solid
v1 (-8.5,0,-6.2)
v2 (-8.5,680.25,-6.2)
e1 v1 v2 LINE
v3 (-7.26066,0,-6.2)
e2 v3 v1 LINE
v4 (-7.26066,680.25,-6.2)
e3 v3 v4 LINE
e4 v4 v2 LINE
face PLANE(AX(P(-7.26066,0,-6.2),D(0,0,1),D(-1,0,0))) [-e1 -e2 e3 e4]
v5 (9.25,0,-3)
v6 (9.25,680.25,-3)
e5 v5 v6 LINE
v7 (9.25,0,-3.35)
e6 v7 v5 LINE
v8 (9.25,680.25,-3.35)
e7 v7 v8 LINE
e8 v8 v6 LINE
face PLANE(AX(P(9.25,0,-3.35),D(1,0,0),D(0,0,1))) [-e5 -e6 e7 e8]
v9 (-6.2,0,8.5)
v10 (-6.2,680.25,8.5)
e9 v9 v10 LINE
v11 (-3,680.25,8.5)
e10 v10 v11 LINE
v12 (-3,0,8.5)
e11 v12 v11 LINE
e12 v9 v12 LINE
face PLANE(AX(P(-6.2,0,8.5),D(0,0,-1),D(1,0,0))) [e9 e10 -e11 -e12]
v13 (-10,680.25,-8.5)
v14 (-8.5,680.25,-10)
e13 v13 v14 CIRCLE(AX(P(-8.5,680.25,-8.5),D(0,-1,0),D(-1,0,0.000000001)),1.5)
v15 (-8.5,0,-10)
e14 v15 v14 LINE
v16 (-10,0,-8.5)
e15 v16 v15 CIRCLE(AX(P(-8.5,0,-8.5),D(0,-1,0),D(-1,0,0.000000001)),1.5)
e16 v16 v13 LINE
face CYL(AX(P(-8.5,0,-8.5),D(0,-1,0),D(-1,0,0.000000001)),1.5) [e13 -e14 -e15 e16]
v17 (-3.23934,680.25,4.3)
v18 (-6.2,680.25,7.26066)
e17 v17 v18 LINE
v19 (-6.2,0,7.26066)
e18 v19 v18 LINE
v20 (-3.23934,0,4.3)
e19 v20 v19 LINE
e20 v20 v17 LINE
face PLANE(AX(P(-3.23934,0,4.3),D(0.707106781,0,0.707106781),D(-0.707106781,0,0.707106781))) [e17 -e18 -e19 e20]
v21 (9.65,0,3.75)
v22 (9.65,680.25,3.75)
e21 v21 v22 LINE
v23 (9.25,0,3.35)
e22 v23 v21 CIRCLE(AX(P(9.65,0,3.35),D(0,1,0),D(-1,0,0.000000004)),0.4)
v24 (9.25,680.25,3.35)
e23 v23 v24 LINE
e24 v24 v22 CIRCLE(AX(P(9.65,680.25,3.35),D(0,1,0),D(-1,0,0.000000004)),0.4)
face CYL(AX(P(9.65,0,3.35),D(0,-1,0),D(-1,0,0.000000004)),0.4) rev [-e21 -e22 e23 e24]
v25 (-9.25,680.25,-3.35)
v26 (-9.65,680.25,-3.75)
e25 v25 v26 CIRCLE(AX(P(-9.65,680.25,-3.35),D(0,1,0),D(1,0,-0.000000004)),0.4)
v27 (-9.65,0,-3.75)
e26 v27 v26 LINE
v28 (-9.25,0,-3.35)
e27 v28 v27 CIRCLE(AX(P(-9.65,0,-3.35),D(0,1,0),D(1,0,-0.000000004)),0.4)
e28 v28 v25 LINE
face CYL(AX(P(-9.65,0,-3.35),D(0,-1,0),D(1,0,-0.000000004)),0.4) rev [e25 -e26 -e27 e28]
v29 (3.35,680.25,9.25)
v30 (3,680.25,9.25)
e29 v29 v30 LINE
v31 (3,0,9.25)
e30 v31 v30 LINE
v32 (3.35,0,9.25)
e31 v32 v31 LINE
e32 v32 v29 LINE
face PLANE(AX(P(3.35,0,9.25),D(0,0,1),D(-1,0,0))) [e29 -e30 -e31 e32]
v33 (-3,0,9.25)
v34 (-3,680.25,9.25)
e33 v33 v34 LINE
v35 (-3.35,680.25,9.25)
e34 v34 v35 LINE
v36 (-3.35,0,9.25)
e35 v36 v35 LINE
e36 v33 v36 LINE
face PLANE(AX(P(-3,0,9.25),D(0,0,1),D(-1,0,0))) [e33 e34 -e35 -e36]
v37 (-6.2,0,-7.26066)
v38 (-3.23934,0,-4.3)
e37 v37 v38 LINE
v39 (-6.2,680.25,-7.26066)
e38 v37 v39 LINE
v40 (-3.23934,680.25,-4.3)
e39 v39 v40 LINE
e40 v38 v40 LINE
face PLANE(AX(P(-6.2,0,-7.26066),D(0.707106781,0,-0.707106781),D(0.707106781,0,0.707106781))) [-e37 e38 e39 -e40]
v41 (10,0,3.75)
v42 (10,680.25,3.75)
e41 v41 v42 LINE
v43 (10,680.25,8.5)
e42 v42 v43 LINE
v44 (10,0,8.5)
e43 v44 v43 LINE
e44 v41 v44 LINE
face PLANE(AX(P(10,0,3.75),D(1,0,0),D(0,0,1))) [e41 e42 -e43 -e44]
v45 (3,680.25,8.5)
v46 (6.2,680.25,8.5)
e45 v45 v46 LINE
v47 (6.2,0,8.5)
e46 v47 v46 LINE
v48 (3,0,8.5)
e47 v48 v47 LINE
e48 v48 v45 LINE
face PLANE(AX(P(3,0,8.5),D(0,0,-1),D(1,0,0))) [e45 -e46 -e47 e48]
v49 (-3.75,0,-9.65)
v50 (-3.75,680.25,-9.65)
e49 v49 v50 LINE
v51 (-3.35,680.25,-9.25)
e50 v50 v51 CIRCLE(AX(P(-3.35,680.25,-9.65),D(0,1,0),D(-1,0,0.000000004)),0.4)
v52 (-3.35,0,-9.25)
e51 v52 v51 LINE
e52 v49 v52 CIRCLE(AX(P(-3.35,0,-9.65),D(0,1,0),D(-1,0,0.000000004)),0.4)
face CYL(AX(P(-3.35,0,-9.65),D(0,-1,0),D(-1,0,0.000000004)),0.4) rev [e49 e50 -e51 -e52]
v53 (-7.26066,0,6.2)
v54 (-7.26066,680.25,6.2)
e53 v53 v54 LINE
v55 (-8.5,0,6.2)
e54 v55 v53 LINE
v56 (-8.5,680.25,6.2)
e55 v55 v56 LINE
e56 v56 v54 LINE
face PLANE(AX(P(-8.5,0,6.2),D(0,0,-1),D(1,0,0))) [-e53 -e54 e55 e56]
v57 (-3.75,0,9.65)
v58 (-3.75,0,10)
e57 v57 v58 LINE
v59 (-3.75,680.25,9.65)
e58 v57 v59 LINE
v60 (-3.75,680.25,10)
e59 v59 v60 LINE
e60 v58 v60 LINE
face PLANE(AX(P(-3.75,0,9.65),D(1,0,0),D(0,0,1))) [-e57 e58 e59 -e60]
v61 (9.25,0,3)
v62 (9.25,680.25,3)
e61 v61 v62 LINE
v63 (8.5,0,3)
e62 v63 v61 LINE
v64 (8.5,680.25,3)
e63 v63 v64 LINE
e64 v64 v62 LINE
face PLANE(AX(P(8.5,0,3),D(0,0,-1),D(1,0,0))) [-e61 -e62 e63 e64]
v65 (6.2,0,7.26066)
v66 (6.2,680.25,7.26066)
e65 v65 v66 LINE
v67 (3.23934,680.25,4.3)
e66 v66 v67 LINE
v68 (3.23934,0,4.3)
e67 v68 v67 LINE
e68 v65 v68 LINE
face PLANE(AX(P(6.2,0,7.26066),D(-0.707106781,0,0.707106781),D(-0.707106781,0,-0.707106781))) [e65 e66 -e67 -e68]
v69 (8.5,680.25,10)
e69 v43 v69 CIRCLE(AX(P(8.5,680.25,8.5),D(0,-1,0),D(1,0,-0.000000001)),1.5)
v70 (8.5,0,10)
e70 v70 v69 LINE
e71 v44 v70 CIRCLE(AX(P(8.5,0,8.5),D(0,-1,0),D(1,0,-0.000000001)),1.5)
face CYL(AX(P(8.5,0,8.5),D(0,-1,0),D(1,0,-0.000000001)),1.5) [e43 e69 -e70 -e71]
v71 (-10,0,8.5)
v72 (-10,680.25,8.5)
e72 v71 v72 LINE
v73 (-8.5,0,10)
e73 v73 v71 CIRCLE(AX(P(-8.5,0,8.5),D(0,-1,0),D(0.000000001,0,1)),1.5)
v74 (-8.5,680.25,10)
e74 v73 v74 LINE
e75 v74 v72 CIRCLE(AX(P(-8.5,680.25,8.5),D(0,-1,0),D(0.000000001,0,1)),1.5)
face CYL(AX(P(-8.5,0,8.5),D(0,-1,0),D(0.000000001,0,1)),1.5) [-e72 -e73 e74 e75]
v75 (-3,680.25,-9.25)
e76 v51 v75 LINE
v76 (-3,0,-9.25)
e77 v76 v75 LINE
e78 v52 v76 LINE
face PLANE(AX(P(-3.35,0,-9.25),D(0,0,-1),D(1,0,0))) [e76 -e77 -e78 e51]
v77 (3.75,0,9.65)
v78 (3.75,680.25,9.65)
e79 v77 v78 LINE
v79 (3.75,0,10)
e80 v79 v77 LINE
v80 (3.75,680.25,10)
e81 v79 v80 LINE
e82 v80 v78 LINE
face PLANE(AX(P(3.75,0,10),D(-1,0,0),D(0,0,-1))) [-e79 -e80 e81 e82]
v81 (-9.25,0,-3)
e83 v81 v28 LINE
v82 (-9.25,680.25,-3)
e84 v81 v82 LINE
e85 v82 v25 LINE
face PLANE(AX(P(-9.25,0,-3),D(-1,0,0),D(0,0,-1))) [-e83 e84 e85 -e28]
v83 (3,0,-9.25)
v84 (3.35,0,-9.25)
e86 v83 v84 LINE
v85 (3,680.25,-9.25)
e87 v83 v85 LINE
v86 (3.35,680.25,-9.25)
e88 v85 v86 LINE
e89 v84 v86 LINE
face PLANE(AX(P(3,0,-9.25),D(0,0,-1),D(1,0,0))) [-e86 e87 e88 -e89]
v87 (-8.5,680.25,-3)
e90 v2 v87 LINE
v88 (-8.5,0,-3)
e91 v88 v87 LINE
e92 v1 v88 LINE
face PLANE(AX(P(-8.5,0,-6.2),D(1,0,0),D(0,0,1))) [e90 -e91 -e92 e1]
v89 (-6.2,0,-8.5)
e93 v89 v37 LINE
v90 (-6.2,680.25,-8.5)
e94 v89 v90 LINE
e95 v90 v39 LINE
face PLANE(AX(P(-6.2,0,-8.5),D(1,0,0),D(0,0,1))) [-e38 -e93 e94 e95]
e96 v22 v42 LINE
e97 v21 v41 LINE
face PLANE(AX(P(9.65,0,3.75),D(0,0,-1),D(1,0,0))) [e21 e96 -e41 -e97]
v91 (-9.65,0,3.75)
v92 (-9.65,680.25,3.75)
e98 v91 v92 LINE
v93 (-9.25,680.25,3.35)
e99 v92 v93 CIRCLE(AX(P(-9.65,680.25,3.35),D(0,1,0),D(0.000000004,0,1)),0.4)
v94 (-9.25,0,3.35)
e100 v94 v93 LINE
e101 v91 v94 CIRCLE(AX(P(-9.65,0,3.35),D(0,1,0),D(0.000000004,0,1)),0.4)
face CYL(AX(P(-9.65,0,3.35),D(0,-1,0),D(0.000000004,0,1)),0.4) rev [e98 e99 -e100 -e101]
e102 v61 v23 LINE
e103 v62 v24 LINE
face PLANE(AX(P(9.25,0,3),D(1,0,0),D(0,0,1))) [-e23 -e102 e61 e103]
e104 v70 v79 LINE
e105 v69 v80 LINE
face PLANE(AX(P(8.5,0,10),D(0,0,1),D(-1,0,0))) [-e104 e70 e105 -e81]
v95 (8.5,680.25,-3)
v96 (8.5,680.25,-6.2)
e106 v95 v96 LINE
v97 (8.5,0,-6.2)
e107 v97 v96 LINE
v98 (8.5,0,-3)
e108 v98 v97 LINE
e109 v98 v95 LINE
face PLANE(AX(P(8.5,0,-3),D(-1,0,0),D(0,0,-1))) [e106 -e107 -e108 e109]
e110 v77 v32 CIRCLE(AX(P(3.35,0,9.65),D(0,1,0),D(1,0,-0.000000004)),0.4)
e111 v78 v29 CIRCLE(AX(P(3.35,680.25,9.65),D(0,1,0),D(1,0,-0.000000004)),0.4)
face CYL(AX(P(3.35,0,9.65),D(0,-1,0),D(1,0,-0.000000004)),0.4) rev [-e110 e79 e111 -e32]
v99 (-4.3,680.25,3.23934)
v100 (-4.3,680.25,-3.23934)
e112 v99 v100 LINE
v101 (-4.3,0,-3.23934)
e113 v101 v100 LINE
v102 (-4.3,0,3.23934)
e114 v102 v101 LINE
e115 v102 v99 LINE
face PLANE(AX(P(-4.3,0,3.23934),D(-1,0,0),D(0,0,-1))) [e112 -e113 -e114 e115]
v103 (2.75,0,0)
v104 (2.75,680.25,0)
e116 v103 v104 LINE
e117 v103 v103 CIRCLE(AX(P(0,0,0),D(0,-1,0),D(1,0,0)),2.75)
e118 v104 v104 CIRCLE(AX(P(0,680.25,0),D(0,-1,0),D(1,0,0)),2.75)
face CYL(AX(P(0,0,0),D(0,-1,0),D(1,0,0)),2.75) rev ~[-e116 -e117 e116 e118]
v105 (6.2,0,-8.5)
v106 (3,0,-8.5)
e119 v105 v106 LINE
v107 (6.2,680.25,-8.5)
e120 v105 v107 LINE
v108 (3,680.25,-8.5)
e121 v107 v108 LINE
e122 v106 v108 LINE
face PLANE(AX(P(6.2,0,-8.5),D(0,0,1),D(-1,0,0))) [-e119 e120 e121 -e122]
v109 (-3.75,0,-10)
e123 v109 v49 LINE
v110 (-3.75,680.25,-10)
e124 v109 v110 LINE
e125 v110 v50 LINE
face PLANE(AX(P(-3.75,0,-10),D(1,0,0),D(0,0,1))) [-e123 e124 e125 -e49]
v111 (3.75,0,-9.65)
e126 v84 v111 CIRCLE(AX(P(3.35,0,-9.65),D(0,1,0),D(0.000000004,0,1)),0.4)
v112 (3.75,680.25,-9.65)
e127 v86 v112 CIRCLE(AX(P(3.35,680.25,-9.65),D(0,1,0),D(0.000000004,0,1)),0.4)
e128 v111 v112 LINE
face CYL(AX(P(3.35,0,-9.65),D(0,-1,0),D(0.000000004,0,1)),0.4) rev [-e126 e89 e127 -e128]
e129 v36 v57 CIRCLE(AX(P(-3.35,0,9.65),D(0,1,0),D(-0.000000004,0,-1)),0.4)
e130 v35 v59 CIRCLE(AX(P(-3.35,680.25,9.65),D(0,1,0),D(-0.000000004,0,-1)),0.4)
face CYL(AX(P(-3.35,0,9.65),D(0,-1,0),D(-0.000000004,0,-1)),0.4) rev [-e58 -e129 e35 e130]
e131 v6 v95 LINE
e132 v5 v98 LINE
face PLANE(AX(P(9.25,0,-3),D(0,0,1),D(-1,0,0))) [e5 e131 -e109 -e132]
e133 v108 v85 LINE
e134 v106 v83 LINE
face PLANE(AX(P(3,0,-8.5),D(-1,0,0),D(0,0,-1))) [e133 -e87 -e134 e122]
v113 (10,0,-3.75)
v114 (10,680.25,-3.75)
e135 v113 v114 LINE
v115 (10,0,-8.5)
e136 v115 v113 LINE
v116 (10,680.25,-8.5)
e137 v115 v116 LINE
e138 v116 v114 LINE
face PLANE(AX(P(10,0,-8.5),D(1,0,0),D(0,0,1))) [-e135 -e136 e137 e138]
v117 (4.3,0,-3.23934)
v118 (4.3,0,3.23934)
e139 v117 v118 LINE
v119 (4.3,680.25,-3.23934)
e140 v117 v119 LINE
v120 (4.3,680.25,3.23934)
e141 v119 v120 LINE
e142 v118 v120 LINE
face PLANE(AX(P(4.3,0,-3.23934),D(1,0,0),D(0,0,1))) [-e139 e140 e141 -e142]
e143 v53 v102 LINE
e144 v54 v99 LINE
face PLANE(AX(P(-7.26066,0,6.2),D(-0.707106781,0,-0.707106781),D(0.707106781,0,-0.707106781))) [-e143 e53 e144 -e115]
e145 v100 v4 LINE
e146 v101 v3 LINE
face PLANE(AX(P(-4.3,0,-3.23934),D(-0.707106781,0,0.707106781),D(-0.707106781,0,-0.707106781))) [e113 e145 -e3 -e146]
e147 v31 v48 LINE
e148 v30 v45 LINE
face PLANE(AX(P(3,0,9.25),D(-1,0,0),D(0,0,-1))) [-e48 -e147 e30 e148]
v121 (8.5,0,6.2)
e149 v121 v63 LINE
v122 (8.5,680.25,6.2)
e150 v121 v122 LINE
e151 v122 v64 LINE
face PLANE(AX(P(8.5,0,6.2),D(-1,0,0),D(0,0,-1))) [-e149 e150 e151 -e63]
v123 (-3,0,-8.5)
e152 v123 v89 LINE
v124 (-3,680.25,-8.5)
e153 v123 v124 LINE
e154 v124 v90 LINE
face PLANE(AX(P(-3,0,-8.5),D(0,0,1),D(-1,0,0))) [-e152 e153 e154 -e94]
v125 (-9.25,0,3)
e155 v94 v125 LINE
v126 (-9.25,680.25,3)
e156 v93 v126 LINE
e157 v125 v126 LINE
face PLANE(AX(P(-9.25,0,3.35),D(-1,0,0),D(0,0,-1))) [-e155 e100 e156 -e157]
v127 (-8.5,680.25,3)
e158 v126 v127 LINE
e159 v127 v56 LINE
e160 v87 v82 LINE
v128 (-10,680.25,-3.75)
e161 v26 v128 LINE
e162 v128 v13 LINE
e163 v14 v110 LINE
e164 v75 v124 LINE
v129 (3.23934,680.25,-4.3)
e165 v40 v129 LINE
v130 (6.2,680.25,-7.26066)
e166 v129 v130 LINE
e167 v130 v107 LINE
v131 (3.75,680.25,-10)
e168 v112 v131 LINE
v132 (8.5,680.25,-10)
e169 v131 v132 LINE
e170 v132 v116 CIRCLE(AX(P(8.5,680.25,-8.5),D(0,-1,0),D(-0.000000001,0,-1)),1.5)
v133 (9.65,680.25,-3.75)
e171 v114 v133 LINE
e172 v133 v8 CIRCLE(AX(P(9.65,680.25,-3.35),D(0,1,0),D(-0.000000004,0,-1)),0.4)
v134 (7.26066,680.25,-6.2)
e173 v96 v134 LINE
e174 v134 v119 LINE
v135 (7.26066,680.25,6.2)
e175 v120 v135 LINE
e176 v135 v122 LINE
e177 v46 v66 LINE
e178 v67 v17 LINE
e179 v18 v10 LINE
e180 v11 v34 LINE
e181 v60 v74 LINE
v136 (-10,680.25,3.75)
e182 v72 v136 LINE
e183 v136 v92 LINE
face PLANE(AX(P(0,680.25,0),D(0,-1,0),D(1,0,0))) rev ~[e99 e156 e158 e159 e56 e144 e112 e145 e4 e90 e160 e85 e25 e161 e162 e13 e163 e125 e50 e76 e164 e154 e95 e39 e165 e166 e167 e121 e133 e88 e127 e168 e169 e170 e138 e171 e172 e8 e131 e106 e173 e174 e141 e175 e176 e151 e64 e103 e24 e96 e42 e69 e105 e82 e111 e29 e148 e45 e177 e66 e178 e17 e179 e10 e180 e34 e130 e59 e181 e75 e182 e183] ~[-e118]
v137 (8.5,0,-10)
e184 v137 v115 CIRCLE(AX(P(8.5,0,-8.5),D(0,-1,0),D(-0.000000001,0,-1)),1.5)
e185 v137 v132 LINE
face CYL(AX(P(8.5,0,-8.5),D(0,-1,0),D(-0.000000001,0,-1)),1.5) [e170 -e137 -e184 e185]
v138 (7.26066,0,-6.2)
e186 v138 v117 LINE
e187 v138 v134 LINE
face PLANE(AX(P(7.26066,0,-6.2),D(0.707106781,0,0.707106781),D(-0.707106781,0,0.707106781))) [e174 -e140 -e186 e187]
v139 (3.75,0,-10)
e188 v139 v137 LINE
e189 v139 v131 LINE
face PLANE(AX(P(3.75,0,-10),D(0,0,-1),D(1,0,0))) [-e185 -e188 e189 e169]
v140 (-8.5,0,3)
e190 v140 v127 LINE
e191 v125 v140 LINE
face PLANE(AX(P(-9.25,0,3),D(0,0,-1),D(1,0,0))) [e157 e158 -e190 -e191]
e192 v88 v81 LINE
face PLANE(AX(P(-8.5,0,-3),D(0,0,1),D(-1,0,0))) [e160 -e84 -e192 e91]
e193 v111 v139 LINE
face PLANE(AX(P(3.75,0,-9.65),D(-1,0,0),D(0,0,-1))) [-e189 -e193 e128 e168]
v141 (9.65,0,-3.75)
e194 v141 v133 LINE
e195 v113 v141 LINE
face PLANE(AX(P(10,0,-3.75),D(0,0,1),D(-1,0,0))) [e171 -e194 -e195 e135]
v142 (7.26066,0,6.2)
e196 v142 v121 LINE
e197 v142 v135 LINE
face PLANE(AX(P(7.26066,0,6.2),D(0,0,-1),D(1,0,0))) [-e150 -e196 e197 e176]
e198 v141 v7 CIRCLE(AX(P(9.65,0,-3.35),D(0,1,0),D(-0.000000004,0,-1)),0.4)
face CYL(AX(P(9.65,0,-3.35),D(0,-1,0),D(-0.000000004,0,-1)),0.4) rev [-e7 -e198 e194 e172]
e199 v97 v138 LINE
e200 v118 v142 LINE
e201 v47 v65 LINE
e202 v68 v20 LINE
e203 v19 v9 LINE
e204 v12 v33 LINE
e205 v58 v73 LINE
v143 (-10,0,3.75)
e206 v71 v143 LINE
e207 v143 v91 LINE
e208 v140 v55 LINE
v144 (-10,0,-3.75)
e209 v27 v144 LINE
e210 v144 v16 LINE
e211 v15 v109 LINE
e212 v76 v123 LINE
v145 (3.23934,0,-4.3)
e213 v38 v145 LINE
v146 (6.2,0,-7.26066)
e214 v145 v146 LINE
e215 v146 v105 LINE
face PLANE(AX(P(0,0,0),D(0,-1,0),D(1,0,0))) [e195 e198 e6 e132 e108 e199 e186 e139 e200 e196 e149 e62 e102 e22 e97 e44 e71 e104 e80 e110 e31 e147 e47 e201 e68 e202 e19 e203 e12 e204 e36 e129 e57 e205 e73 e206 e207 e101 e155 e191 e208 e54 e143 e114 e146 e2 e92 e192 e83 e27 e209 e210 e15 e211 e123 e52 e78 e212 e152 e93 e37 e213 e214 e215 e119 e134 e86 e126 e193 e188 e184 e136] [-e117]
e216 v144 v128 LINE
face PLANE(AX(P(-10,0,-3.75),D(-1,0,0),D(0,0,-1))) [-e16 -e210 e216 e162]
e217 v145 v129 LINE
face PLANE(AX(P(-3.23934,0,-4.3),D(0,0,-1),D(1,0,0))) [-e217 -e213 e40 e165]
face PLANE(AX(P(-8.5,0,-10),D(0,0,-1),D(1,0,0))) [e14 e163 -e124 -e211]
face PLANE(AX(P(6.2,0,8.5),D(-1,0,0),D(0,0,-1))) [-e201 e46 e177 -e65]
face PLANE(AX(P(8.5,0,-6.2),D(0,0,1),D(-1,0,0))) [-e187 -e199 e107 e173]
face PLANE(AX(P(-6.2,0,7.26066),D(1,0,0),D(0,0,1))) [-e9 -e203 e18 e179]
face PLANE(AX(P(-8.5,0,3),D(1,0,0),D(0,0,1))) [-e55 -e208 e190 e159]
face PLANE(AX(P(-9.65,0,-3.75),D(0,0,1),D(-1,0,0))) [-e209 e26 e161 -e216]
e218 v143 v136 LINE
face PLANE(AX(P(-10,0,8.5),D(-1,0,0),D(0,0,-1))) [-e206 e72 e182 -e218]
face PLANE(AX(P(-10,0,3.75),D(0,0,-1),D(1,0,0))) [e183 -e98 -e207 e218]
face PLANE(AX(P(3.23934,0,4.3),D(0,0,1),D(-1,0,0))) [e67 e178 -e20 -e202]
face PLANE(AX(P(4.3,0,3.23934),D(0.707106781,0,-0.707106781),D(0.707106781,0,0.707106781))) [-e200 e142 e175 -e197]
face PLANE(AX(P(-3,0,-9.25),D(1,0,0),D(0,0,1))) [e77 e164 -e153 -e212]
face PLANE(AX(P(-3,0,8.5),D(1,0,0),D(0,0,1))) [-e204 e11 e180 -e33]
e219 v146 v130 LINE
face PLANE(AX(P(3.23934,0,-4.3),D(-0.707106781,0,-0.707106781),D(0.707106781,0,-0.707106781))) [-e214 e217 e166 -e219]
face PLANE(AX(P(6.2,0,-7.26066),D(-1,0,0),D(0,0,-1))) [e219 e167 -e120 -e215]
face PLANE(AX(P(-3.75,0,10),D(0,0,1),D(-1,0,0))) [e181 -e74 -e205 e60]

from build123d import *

# Parameters (mm, degrees)
SKETCH1_R           = 2.75
BOSS_EXTRUDE1_DEPTH = 680.25


with BuildPart() as part:
    # Sketch1 → Boss-Extrude1 (new body)
    with BuildSketch(Plane.XZ):
        with BuildLine():
            Line((-8.5, -10), (-3.75, -10))
            Line((-3.75, -10), (-3.75, -9.65))
            ThreePointArc((-3.75, -9.65), (-3.632842712, -9.367157288), (-3.35, -9.25))
            Line((-3.35, -9.25), (-3, -9.25))
            Line((-3, -9.25), (-3, -8.5))
            Line((-3, -8.5), (-6.2, -8.5))
            Line((-6.2, -8.5), (-6.2, -7.260660172))
            Line((-6.2, -7.260660172), (-3.239339828, -4.3))
            Line((-3.239339828, -4.3), (3.239339828, -4.3))
            Line((3.239339828, -4.3), (6.2, -7.260660172))
            Line((6.2, -7.260660172), (6.2, -8.5))
            Line((6.2, -8.5), (3, -8.5))
            Line((3, -8.5), (3, -9.25))
            Line((3, -9.25), (3.35, -9.25))
            ThreePointArc((3.35, -9.25), (3.632842712, -9.367157288), (3.75, -9.65))
            Line((3.75, -9.65), (3.75, -10))
            Line((3.75, -10), (8.5, -10))
            ThreePointArc((8.5, -10), (9.560660172, -9.560660172), (10, -8.5))
            Line((10, -8.5), (10, -3.75))
            Line((10, -3.75), (9.65, -3.75))
            ThreePointArc((9.65, -3.75), (9.367157288, -3.632842712), (9.25, -3.35))
            Line((9.25, -3.35), (9.25, -3))
            Line((9.25, -3), (8.5, -3))
            Line((8.5, -3), (8.5, -6.2))
            Line((8.5, -6.2), (7.260660172, -6.2))
            Line((7.260660172, -6.2), (4.3, -3.239339828))
            Line((4.3, -3.239339828), (4.3, 3.239339828))
            Line((4.3, 3.239339828), (7.260660172, 6.2))
            Line((7.260660172, 6.2), (8.5, 6.2))
            Line((8.5, 6.2), (8.5, 3))
            Line((8.5, 3), (9.25, 3))
            Line((9.25, 3), (9.25, 3.35))
            ThreePointArc((9.25, 3.35), (9.367157288, 3.632842712), (9.65, 3.75))
            Line((9.65, 3.75), (10, 3.75))
            Line((10, 3.75), (10, 8.5))
            ThreePointArc((10, 8.5), (9.560660172, 9.560660172), (8.5, 10))
            Line((8.5, 10), (3.75, 10))
            Line((3.75, 10), (3.75, 9.65))
            ThreePointArc((3.75, 9.65), (3.632842712, 9.367157288), (3.35, 9.25))
            Line((3.35, 9.25), (3, 9.25))
            Line((3, 9.25), (3, 8.5))
            Line((3, 8.5), (6.2, 8.5))
            Line((6.2, 8.5), (6.2, 7.260660172))
            Line((6.2, 7.260660172), (3.239339828, 4.3))
            Line((3.239339828, 4.3), (-3.239339828, 4.3))
            Line((-3.239339828, 4.3), (-6.2, 7.260660172))
            Line((-6.2, 7.260660172), (-6.2, 8.5))
            Line((-6.2, 8.5), (-3, 8.5))
            Line((-3, 8.5), (-3, 9.25))
            Line((-3, 9.25), (-3.35, 9.25))
            ThreePointArc((-3.35, 9.25), (-3.632842712, 9.367157288), (-3.75, 9.65))
            Line((-3.75, 9.65), (-3.75, 10))
            Line((-3.75, 10), (-8.5, 10))
            ThreePointArc((-8.5, 10), (-9.560660172, 9.560660172), (-10, 8.5))
            Line((-10, 8.5), (-10, 3.75))
            Line((-10, 3.75), (-9.65, 3.75))
            ThreePointArc((-9.65, 3.75), (-9.367157288, 3.632842712), (-9.25, 3.35))
            Line((-9.25, 3.35), (-9.25, 3))
            Line((-9.25, 3), (-8.5, 3))
            Line((-8.5, 3), (-8.5, 6.2))
            Line((-8.5, 6.2), (-7.260660172, 6.2))
            Line((-7.260660172, 6.2), (-4.3, 3.239339828))
            Line((-4.3, 3.239339828), (-4.3, -3.239339828))
            Line((-4.3, -3.239339828), (-7.260660172, -6.2))
            Line((-7.260660172, -6.2), (-8.5, -6.2))
            Line((-8.5, -6.2), (-8.5, -3))
            Line((-8.5, -3), (-9.25, -3))
            Line((-9.25, -3), (-9.25, -3.35))
            ThreePointArc((-9.25, -3.35), (-9.367157288, -3.632842712), (-9.65, -3.75))
            Line((-9.65, -3.75), (-10, -3.75))
            Line((-10, -3.75), (-10, -8.5))
            ThreePointArc((-10, -8.5), (-9.560660172, -9.560660172), (-8.5, -10))
        make_face()
        Circle(SKETCH1_R, mode=Mode.SUBTRACT)
    extrude(amount=-BOSS_EXTRUDE1_DEPTH)


solid = part.part
